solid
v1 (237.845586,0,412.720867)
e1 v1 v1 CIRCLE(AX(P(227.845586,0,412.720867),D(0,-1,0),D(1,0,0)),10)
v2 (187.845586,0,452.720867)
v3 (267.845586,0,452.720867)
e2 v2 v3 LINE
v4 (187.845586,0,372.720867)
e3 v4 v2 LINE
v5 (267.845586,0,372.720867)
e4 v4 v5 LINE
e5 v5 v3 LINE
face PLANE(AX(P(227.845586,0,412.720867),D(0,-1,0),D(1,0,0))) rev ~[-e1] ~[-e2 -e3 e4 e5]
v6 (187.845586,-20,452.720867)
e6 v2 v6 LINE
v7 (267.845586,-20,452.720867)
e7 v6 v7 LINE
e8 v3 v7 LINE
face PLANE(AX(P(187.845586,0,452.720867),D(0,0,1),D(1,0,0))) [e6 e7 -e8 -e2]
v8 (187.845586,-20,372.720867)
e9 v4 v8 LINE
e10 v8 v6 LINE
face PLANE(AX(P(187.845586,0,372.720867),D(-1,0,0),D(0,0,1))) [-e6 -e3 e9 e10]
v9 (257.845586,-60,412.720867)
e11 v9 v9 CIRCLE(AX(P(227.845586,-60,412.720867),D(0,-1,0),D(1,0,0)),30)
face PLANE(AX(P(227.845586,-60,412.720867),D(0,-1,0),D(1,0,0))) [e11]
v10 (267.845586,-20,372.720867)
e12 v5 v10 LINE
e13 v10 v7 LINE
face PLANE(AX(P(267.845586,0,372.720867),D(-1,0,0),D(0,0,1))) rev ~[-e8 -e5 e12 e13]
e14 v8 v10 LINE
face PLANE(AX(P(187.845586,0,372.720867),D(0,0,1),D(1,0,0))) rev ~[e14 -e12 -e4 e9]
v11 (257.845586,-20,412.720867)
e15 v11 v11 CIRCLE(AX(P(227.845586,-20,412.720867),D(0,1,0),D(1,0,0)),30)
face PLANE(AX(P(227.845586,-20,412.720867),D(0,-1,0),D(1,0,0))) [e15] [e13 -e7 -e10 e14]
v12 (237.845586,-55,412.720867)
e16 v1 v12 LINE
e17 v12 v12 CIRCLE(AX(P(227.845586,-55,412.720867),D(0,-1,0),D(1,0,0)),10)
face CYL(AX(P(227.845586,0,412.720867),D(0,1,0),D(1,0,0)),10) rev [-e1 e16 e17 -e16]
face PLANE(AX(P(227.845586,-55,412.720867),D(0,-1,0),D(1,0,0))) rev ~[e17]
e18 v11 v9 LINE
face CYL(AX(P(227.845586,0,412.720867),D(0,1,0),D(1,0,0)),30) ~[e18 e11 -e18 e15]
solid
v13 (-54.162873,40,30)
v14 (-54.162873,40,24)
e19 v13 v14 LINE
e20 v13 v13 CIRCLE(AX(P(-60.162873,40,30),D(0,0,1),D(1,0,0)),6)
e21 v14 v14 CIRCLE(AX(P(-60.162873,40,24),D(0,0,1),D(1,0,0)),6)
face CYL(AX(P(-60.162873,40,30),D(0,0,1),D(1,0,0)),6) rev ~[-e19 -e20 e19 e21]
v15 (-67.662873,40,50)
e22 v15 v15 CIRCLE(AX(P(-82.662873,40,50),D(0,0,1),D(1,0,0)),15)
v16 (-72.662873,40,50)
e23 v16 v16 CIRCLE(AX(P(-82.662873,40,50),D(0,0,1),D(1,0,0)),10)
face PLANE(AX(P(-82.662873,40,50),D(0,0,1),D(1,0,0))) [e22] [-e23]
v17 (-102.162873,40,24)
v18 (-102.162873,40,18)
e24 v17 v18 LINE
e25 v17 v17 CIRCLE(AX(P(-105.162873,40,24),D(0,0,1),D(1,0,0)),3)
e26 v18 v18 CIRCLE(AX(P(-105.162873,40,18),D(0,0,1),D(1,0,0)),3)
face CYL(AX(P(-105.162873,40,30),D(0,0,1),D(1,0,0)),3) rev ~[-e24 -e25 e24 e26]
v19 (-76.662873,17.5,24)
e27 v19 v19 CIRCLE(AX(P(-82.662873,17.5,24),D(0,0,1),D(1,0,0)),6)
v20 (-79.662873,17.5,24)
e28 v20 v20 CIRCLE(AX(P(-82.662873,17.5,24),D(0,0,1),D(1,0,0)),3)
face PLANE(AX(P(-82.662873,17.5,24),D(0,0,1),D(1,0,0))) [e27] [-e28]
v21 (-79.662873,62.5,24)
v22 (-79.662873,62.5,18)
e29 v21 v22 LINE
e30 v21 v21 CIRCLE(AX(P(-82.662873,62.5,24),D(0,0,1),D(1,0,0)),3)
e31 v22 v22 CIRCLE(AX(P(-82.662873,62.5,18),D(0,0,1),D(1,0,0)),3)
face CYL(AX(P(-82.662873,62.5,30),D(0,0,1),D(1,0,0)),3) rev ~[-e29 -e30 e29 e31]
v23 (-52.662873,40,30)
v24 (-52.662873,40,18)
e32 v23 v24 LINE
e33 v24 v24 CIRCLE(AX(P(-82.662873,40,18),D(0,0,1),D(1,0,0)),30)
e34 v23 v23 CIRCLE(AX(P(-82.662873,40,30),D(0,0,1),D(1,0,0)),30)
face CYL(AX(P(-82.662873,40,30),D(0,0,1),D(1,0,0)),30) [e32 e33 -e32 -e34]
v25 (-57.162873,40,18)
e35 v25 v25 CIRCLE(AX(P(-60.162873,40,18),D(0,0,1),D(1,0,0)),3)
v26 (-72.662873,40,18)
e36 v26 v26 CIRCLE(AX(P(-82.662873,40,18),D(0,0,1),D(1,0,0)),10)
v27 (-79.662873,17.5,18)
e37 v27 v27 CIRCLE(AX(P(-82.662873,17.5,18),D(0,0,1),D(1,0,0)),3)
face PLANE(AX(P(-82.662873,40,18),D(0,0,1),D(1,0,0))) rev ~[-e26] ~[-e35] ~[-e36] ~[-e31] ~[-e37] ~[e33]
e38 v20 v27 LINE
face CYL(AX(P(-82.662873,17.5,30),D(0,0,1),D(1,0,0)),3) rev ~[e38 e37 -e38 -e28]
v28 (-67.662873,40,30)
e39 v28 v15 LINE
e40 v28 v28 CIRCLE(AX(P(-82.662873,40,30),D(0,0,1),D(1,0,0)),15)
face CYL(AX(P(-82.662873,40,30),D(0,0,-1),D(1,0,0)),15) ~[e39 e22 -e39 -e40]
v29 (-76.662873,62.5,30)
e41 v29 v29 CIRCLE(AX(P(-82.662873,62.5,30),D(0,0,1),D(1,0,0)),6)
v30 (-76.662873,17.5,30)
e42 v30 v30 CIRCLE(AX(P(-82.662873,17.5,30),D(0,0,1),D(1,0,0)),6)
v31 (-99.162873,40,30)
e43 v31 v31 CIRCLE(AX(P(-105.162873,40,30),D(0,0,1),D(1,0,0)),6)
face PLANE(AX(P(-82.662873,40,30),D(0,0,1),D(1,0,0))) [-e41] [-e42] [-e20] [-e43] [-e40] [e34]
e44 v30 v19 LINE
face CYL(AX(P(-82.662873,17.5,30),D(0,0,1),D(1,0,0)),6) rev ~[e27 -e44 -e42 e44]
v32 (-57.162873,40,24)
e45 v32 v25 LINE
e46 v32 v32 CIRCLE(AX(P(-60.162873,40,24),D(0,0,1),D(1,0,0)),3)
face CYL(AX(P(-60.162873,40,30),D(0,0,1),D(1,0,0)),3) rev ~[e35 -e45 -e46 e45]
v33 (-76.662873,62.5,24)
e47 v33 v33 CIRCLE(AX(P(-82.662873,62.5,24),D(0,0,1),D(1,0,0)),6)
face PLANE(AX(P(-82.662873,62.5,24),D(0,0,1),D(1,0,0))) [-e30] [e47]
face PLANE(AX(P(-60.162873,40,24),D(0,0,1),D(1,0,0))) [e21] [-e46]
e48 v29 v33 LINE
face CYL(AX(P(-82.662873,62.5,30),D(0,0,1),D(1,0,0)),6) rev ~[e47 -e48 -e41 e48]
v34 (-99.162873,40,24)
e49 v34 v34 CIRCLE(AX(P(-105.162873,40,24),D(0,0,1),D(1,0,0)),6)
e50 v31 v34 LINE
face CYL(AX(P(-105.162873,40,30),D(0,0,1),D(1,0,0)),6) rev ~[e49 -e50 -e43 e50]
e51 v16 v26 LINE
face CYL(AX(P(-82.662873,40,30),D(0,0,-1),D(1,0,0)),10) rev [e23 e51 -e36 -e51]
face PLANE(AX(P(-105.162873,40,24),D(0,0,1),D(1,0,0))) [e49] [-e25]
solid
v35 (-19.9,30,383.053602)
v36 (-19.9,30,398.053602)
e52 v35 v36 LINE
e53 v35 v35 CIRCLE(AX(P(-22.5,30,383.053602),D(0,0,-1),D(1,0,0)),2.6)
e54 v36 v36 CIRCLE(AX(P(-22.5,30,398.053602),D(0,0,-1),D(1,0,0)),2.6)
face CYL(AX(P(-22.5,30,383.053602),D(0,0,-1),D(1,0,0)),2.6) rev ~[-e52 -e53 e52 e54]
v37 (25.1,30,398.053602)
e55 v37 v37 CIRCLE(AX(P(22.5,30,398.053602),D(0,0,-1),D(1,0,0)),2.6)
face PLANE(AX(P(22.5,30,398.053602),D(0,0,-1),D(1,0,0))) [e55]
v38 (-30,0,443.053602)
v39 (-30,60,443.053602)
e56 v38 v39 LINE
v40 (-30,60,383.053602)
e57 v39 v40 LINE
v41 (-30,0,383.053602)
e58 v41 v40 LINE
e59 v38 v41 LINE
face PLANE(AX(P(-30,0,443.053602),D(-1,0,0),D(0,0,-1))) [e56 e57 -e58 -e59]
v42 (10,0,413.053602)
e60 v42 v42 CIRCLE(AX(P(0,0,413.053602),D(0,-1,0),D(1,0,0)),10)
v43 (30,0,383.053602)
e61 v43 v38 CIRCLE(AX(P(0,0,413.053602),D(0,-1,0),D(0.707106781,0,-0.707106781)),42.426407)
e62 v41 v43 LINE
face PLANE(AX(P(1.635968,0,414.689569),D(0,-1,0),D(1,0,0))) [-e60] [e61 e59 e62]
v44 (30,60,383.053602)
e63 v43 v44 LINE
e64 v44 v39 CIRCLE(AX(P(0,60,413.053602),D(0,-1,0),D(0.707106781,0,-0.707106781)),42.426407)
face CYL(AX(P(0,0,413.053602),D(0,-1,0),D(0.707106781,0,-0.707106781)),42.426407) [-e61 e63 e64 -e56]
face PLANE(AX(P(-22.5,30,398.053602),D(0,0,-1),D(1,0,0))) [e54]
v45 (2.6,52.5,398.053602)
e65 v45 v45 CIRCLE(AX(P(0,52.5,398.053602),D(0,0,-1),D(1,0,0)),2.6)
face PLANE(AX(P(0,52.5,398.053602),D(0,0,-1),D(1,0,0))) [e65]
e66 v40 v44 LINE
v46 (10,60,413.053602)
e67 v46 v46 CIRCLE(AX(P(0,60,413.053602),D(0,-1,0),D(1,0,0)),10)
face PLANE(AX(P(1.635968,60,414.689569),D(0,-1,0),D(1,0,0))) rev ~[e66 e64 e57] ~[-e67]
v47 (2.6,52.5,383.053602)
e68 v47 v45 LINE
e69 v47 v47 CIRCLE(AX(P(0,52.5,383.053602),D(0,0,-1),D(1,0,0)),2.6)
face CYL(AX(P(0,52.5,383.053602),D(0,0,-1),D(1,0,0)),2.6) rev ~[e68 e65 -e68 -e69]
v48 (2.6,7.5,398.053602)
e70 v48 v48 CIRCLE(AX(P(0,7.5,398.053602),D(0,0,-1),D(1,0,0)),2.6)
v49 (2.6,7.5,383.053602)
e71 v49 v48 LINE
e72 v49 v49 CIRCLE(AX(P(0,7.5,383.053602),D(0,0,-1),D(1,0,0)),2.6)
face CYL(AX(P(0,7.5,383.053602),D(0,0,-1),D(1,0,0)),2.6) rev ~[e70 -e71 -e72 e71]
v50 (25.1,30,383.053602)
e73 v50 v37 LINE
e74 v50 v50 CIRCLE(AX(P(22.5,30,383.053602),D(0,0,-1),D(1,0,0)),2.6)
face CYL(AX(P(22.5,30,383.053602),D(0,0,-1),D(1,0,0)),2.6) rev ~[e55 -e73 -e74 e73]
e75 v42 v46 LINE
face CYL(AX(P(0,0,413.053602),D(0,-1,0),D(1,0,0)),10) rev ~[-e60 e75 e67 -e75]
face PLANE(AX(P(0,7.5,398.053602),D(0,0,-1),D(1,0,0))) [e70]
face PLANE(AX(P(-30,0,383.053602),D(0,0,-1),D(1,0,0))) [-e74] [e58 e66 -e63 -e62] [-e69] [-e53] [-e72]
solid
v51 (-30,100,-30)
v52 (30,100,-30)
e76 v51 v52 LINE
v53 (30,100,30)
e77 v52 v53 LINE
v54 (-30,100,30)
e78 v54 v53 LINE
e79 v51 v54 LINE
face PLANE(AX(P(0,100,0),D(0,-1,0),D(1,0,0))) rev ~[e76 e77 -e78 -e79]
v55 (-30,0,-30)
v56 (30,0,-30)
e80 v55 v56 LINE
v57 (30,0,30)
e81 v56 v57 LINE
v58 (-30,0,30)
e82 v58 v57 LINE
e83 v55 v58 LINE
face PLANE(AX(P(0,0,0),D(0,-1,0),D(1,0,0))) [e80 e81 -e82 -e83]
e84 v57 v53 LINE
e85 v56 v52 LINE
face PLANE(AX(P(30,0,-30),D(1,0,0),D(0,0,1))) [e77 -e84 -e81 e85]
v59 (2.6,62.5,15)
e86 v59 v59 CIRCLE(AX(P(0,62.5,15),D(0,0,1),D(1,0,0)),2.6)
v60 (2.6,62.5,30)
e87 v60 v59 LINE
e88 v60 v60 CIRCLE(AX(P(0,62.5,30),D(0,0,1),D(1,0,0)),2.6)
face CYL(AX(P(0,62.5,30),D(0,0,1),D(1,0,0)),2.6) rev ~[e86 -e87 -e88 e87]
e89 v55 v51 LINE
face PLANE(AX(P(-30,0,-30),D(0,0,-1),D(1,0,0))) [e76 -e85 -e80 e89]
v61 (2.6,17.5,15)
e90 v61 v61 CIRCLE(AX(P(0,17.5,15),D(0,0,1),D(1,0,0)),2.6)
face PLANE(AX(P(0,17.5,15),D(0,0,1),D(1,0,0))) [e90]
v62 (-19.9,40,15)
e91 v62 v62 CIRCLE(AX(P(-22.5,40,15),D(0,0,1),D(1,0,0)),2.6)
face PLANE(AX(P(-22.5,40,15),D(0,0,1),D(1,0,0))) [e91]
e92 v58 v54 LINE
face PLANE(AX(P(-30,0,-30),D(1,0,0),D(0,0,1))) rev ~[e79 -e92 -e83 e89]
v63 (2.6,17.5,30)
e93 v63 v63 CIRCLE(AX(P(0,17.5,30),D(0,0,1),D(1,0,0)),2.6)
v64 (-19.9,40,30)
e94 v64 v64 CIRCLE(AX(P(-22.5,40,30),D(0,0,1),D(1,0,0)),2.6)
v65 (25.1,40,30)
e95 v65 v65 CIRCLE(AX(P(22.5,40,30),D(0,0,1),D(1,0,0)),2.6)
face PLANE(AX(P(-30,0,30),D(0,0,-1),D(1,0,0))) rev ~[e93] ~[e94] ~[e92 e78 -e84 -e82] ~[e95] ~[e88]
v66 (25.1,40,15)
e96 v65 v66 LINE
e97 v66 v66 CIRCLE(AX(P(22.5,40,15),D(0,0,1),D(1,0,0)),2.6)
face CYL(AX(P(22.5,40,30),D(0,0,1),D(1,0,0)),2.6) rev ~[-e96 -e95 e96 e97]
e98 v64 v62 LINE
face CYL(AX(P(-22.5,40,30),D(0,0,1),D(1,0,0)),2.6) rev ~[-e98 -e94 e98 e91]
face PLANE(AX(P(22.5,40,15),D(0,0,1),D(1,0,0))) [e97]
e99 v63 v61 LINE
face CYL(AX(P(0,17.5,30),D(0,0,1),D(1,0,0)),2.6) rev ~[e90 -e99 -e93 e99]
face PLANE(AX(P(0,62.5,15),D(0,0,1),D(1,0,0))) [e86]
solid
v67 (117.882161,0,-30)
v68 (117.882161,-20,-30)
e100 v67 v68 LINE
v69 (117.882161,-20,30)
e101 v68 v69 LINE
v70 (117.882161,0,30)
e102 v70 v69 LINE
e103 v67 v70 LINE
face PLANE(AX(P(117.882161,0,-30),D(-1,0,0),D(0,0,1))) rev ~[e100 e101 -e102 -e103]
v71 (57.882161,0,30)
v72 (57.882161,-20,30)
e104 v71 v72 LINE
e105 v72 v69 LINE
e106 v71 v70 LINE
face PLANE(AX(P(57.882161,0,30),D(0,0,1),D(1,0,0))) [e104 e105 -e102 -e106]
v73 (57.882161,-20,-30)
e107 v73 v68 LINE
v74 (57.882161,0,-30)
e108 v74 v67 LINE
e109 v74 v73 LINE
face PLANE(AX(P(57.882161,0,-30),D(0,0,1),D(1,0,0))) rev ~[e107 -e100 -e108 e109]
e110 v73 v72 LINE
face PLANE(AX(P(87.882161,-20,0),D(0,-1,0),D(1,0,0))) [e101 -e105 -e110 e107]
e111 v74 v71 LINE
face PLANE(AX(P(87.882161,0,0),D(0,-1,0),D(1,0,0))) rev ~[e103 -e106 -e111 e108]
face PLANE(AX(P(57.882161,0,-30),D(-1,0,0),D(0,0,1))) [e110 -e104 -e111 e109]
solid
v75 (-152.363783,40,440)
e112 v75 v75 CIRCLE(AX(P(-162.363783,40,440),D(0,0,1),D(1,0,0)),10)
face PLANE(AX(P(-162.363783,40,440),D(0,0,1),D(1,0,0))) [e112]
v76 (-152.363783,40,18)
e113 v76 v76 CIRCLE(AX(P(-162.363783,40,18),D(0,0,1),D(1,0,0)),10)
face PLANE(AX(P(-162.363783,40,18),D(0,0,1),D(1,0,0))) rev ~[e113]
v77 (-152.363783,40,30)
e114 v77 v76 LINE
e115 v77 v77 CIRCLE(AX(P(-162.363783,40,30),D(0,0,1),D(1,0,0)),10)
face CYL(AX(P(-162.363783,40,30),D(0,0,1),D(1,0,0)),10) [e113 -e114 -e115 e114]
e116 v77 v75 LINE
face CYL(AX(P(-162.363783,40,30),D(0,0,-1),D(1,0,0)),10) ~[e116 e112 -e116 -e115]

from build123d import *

# Parameters (mm, degrees)
F0_W      = 60
F0_H      = 60
F1_DEPTH  = 100
F2_W      = 60
F2_H      = 60
F3_DEPTH  = 20
F4_R      = 30
F4_R_2    = 6
F4_R_3    = 15
F4_R_4    = 10
F4_R_5    = 3
F5_DEPTH  = 12
F6_DEPTH  = 6
F7_DEPTH  = 20
F4_R_6    = 2.6
F8_DEPTH  = 15
F9_DEPTH  = 410
F10_R     = 10
F11_DEPTH = 60
F12_R     = 2.6
F13_DEPTH = 15
F14_W     = 80
F14_H     = 80
F14_R     = 30
F14_R_2   = 10
F15_DEPTH = 20
F16_DEPTH = 60
F17_DEPTH = 55


with BuildPart() as f1:
    # F0 (on Front) → F1 (new body)
    with BuildSketch(Plane.XZ):
        Rectangle(F0_W, F0_H)
    extrude(amount=-F1_DEPTH)

    # F4 (on face) → F8 (cut)
    with BuildSketch(Plane.XY.offset(30)):
        with Locations((-22.5, 40)):
            Circle(F4_R_6)
        with Locations((0, 62.5)):
            Circle(F4_R_6)
        with Locations((0, 17.5)):
            Circle(F4_R_6)
        with Locations((22.5, 40)):
            Circle(F4_R_6)
    extrude(amount=-F8_DEPTH, mode=Mode.SUBTRACT)


with BuildPart() as f3:
    # F2 (on Front) → F3 (new body)
    with BuildSketch(Plane.XZ):
        with Locations((87.8821611404, 0)):
            Rectangle(F2_W, F2_H)
    extrude(amount=F3_DEPTH)


with BuildPart() as f5:
    # F4 (on face) → F5 (new body)
    with BuildSketch(Plane.XY.offset(30)):
        with Locations((-82.6628729701, 40)):
            Circle(F4_R)
        with Locations((-82.6628729701, 17.5)):
            Circle(F4_R_2, mode=Mode.SUBTRACT)
        with Locations((-105.1628729701, 40)):
            Circle(F4_R_2, mode=Mode.SUBTRACT)
        with Locations((-82.6628729701, 40)):
            Circle(F4_R_3, mode=Mode.SUBTRACT)
        with Locations((-60.1628729701, 40)):
            Circle(F4_R_2, mode=Mode.SUBTRACT)
        with Locations((-82.6628729701, 62.5)):
            Circle(F4_R_2, mode=Mode.SUBTRACT)
        with Locations((-82.6628729701, 40)):
            Circle(F4_R_3)
        with Locations((-82.6628729701, 40)):
            Circle(F4_R_4, mode=Mode.SUBTRACT)
        with Locations((-105.1628729701, 40)):
            Circle(F4_R_2)
        with Locations((-105.1628729701, 40)):
            Circle(F4_R_5, mode=Mode.SUBTRACT)
        with Locations((-82.6628729701, 62.5)):
            Circle(F4_R_2)
        with Locations((-82.6628729701, 62.5)):
            Circle(F4_R_5, mode=Mode.SUBTRACT)
        with Locations((-60.1628729701, 40)):
            Circle(F4_R_2)
        with Locations((-60.1628729701, 40)):
            Circle(F4_R_5, mode=Mode.SUBTRACT)
        with Locations((-82.6628729701, 17.5)):
            Circle(F4_R_2)
        with Locations((-82.6628729701, 17.5)):
            Circle(F4_R_5, mode=Mode.SUBTRACT)
    extrude(amount=-F5_DEPTH)

    # F4 (on face) → F6 (cut)
    with BuildSketch(Plane.XY.offset(30)):
        with Locations((-82.6628729701, 62.5)):
            Circle(F4_R_2)
        with Locations((-82.6628729701, 62.5)):
            Circle(F4_R_5, mode=Mode.SUBTRACT)
        with Locations((-60.1628729701, 40)):
            Circle(F4_R_2)
        with Locations((-60.1628729701, 40)):
            Circle(F4_R_5, mode=Mode.SUBTRACT)
        with Locations((-82.6628729701, 17.5)):
            Circle(F4_R_2)
        with Locations((-82.6628729701, 17.5)):
            Circle(F4_R_5, mode=Mode.SUBTRACT)
        with Locations((-105.1628729701, 40)):
            Circle(F4_R_2)
        with Locations((-105.1628729701, 40)):
            Circle(F4_R_5, mode=Mode.SUBTRACT)
    extrude(amount=-F6_DEPTH, mode=Mode.SUBTRACT)

    # F4 (on face) → F7 (join)
    with BuildSketch(Plane.XY.offset(30)):
        with Locations((-82.6628729701, 40)):
            Circle(F4_R_3)
        with Locations((-82.6628729701, 40)):
            Circle(F4_R_4, mode=Mode.SUBTRACT)
    extrude(amount=F7_DEPTH)


with BuildPart() as f5b:
    # F4 (on face) → F5, piece 2 (new body)
    with BuildSketch(Plane.XY.offset(30)):
        with Locations((-162.3637825251, 40)):
            Circle(F4_R_4)
    extrude(amount=-F5_DEPTH)

    # F4 (on face) → F9 (join)
    with BuildSketch(Plane.XY.offset(30)):
        with Locations((-162.3637825251, 40)):
            Circle(F4_R_4)
    extrude(amount=F9_DEPTH)


with BuildPart() as f11:
    # F10 (on Front) → F11 (new body)
    with BuildSketch(Plane.XZ):
        with BuildLine():
            Line((-30, 443.0536019802), (-30, 383.0536019802))
            Line((-30, 383.0536019802), (30, 383.0536019802))
            ThreePointArc((30, 383.0536019802), (30, 443.0536019802), (-30, 443.0536019802))
        make_face()
        with Locations((0, 413.0536019802)):
            Circle(F10_R, mode=Mode.SUBTRACT)
    extrude(amount=-F11_DEPTH)

    # F12 (on face) → F13 (cut)
    with BuildSketch(Plane(origin=(0, 0, 383.0536019802), x_dir=(1, 0, 0), z_dir=(0, 0, -1))):
        with Locations((0, -7.5)):
            Circle(F12_R)
        with Locations((-22.5, -30)):
            Circle(F12_R)
        with Locations((0, -52.5)):
            Circle(F12_R)
        with Locations((22.5, -30)):
            Circle(F12_R)
    extrude(amount=-F13_DEPTH, mode=Mode.SUBTRACT)


with BuildPart() as f15:
    # F14 (on face) → F15 (new body)
    with BuildSketch(Plane.XZ):
        with Locations((227.8455859423, 412.7208673954)):
            Rectangle(F14_W, F14_H)
        with Locations((227.8455859423, 412.7208673954)):
            Circle(F14_R, mode=Mode.SUBTRACT)
        with Locations((227.8455859423, 412.7208673954)):
            Circle(F14_R)
        with Locations((227.8455859423, 412.7208673954)):
            Circle(F14_R_2, mode=Mode.SUBTRACT)
        with Locations((227.8455859423, 412.7208673954)):
            Circle(F14_R_2)
    extrude(amount=F15_DEPTH)

    # F14 (on face) → F16 (join)
    with BuildSketch(Plane.XZ):
        with Locations((227.8455859423, 412.7208673954)):
            Circle(F14_R)
        with Locations((227.8455859423, 412.7208673954)):
            Circle(F14_R_2, mode=Mode.SUBTRACT)
        with Locations((227.8455859423, 412.7208673954)):
            Circle(F14_R_2)
    extrude(amount=F16_DEPTH)

    # F14 (on face) → F17 (cut)
    with BuildSketch(Plane.XZ):
        with Locations((227.8455859423, 412.7208673954)):
            Circle(F14_R_2)
    extrude(amount=F17_DEPTH, mode=Mode.SUBTRACT)


solid = Compound([f1.part, f3.part, f5.part, f5b.part, f11.part, f15.part])
